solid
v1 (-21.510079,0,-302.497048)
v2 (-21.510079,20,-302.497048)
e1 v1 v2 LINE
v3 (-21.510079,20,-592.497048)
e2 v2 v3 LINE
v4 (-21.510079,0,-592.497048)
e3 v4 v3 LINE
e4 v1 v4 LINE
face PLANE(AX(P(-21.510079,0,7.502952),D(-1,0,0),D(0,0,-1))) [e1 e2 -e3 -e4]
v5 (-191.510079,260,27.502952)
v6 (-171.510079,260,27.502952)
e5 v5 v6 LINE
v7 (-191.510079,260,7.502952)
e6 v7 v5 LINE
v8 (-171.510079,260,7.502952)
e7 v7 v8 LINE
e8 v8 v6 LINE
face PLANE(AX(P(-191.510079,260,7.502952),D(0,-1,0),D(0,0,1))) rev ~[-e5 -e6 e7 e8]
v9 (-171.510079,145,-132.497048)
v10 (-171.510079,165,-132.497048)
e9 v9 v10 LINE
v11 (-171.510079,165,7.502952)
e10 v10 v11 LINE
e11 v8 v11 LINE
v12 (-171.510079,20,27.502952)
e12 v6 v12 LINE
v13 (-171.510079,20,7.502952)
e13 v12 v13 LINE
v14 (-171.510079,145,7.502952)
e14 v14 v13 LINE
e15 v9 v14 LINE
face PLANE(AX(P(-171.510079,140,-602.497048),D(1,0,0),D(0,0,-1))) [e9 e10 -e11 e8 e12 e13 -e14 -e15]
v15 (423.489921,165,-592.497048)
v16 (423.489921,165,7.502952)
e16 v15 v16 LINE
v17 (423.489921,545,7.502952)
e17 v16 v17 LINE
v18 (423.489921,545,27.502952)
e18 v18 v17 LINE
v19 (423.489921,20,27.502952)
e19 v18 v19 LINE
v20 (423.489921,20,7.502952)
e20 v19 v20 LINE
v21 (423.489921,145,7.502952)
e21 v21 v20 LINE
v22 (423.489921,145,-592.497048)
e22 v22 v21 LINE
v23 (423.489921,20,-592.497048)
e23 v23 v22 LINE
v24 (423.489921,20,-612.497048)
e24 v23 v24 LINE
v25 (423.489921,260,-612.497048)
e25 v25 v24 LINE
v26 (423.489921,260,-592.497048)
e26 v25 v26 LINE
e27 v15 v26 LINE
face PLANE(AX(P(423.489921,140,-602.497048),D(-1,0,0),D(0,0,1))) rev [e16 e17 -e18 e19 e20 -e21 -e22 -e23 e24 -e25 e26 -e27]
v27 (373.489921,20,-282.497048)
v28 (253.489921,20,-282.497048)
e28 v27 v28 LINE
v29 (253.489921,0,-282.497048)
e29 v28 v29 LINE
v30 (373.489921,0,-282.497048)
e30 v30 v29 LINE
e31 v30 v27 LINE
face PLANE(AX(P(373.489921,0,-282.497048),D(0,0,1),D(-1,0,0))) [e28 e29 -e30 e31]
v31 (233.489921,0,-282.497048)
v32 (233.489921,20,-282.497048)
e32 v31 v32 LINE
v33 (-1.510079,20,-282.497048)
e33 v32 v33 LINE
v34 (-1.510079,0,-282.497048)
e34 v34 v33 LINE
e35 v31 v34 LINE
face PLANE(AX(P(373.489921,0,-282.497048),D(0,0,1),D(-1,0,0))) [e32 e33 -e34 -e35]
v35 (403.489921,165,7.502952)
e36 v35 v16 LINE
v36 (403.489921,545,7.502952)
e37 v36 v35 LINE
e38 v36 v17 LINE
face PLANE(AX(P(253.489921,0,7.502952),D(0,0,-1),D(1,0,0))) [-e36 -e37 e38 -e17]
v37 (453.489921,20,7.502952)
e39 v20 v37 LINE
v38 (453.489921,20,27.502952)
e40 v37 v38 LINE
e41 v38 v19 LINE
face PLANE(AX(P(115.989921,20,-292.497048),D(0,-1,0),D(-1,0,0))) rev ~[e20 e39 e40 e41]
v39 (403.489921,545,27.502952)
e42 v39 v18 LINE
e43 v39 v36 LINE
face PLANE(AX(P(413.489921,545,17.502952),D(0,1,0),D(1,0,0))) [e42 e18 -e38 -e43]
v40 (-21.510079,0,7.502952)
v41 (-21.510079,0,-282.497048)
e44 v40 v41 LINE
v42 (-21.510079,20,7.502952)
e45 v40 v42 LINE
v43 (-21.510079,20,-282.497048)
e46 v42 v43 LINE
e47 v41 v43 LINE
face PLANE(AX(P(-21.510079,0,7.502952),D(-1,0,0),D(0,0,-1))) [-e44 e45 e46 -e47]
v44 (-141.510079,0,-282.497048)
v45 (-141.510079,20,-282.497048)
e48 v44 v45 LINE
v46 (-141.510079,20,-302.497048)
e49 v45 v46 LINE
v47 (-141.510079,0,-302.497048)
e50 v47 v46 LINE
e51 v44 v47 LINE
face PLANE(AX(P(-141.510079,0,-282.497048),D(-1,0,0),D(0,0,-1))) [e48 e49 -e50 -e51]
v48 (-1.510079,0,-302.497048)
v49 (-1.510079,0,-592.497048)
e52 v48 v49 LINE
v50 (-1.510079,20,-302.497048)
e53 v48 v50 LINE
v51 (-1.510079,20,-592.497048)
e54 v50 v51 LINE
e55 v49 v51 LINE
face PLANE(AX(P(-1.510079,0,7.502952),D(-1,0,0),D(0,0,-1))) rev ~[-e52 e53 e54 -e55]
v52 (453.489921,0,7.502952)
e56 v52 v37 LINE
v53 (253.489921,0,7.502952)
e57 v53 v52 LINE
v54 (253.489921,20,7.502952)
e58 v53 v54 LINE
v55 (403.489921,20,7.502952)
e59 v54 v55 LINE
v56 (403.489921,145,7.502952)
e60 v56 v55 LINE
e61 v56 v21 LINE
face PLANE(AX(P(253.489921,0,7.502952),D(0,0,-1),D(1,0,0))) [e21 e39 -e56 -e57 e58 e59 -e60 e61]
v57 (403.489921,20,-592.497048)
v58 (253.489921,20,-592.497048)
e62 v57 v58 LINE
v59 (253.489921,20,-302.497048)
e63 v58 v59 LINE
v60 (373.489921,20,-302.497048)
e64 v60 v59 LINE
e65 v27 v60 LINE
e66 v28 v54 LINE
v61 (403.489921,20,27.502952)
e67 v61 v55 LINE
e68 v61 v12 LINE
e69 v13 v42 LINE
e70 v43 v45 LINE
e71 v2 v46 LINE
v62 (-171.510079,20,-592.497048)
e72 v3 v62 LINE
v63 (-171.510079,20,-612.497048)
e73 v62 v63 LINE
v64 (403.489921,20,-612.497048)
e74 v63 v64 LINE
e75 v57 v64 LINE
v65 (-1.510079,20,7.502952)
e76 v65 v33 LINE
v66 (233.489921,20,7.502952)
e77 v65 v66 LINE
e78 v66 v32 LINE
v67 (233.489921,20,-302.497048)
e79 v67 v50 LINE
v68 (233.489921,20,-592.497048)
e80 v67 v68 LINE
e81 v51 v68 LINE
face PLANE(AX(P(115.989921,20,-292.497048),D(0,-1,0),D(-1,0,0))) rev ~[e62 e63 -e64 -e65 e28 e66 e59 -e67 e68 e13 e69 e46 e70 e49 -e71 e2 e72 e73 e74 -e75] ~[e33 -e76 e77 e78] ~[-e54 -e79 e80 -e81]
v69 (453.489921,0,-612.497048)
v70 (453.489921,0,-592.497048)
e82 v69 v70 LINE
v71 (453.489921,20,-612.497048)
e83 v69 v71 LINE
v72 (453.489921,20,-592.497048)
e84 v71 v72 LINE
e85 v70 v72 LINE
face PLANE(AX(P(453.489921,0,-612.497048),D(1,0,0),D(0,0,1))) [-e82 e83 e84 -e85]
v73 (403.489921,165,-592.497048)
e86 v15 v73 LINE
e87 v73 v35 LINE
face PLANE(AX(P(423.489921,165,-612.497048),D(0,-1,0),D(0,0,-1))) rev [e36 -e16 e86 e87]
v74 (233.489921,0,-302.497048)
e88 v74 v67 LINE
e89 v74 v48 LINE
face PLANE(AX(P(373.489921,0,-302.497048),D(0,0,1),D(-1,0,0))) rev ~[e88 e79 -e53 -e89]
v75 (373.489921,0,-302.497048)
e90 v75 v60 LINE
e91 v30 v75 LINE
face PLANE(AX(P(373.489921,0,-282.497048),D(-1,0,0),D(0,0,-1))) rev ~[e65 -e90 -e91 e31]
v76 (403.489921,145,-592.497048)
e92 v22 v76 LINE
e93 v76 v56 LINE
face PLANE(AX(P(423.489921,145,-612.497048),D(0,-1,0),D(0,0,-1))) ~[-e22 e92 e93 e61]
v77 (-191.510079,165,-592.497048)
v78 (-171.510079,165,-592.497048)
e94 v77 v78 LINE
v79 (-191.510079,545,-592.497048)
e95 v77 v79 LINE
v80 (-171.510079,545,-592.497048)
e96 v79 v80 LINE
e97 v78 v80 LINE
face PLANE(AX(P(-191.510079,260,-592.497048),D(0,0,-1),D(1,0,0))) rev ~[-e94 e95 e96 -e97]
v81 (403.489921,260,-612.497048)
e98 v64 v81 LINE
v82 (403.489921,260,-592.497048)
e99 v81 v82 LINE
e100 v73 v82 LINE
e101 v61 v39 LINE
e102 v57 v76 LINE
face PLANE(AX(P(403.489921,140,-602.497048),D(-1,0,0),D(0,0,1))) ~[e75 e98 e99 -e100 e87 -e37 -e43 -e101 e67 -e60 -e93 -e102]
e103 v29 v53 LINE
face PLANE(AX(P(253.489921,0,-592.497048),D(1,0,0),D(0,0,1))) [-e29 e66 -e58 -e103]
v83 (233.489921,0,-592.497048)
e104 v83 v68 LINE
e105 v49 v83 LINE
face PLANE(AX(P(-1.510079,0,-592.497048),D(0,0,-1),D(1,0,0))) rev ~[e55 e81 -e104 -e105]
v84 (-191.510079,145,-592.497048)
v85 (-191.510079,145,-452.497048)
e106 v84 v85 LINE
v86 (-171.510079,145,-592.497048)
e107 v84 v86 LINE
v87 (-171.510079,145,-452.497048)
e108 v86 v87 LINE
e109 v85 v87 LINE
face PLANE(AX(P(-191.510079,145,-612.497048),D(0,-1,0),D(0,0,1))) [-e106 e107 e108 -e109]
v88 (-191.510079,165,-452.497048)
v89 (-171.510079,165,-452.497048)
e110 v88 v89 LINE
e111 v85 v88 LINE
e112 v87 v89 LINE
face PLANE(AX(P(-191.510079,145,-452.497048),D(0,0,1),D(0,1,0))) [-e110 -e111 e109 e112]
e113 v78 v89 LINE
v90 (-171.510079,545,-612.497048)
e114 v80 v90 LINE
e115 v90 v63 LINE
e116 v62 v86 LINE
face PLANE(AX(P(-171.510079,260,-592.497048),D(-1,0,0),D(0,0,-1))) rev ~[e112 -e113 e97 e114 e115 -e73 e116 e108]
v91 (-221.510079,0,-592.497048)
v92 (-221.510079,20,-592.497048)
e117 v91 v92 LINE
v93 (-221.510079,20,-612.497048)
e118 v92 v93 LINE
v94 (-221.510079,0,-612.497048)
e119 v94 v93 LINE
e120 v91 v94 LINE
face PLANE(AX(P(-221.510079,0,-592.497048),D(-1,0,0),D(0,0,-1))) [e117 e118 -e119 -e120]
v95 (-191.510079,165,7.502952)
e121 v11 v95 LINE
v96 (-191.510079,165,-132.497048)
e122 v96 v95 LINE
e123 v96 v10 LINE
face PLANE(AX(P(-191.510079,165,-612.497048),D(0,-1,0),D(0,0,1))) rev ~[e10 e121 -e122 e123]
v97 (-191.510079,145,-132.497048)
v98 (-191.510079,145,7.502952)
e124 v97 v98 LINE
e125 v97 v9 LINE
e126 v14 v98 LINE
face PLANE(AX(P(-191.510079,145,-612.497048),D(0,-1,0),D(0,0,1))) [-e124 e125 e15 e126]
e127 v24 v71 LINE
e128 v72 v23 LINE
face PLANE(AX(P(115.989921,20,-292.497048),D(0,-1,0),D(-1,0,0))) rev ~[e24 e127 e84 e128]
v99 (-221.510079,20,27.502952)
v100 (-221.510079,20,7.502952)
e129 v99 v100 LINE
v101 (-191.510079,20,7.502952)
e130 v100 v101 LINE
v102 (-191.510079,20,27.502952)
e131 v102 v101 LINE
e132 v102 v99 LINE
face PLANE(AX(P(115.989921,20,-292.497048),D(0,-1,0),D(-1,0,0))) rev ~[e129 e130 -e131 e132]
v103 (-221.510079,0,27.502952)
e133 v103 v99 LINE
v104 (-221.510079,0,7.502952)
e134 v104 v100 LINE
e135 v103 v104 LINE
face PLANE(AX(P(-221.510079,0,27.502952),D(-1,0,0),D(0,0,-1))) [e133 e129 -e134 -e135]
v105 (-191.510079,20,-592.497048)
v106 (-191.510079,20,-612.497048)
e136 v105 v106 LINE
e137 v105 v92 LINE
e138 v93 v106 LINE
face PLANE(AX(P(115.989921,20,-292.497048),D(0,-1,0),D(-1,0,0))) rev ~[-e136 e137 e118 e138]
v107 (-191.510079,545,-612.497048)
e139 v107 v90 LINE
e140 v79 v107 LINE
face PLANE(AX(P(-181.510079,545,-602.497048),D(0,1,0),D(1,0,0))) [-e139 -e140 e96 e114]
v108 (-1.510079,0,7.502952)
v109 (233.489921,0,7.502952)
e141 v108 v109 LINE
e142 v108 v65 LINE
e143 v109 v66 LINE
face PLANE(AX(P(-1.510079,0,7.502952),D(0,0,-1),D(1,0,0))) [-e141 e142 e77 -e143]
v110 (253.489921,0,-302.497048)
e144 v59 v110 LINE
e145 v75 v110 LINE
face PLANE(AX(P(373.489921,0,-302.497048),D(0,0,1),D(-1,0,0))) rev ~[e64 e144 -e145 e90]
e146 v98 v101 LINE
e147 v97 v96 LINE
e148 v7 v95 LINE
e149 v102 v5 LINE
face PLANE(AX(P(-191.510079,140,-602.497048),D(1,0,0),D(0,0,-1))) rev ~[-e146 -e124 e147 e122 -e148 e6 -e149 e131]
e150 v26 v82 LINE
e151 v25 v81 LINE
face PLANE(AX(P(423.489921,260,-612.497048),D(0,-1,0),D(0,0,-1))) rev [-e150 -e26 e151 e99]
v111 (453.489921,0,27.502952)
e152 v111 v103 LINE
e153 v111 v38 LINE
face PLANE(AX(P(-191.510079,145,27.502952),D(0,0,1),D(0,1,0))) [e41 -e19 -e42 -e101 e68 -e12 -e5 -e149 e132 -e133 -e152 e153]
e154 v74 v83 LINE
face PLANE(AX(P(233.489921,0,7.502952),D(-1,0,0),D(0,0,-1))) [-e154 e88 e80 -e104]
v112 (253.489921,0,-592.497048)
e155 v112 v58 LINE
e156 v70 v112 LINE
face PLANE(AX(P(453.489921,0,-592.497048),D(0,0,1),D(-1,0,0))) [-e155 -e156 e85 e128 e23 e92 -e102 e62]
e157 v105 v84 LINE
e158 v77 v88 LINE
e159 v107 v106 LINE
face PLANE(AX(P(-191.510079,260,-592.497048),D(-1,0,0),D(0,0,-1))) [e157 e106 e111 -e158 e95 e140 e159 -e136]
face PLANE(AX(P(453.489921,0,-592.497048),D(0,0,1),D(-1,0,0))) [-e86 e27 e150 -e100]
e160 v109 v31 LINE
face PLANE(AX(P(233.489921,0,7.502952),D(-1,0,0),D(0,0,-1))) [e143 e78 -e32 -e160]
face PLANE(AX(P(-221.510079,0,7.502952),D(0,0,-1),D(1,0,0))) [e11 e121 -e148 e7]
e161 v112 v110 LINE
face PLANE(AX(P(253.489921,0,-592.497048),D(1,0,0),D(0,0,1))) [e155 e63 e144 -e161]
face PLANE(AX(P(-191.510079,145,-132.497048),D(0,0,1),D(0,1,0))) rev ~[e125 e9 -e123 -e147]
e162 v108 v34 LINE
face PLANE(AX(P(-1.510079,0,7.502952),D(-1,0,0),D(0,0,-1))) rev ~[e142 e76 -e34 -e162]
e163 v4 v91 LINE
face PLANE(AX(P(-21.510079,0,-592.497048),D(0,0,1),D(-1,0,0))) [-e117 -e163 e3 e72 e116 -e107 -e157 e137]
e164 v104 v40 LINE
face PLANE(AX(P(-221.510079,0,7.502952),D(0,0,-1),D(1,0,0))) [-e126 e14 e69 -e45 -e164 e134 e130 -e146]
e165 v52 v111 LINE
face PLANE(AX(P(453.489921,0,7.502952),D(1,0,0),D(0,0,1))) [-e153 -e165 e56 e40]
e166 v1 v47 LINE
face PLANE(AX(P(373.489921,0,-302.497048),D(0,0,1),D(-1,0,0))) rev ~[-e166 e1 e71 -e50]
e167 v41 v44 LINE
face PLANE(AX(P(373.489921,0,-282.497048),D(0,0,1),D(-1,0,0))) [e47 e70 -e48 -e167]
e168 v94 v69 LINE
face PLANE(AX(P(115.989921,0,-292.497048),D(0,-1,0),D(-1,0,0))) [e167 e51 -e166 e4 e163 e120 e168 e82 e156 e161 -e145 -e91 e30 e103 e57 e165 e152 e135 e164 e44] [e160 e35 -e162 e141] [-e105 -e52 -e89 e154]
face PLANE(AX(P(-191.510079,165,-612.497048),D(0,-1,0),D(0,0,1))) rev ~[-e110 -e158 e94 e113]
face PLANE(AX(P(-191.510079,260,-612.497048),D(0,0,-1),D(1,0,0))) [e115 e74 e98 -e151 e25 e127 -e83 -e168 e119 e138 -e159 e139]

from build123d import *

# Parameters (mm, degrees)
SKETCH_1_W          = 235
SKETCH_1_H          = 600
EXTRUDE_1_DEPTH     = 20
EXTRUDE_4_DEPTH     = 20
SKETCH_6_W          = 640
SKETCH_6_H          = 20
EXTRUDE_6_DEPTH     = 20
SKETCH1_W           = 320
SKETCH1_H           = 20
CUT_EXTRUDE1_DEPTH  = 20
SKETCH2_W           = 515
SKETCH2_H           = 20
EXTRUDE1_DEPTH      = 20
SKETCH3_W           = 20
SKETCH3_H           = 20
BOSS_EXTRUDE1_DEPTH = 285


with BuildPart() as part:
    # 草图1 → 凸台-拉伸1 (new body)
    with BuildSketch(Plane(origin=(0, 0, 0), x_dir=(1, 0, 0), z_dir=(0, 1, 0))):
        Polygon((-221.510078765, -7.502951786), (-21.510078765, -7.502951786), (-21.510078765, 592.497048214), (-221.510078765, 592.497048214), (-221.510078765, 612.497048214), (453.489921235, 612.497048214), (453.489921235, 592.497048214), (253.489921235, 592.497048214), (253.489921235, -7.502951786), (453.489921235, -7.502951786), (453.489921235, -27.502951786), (-221.510078765, -27.502951786), align=None)
        with Locations((115.989921235, 292.497048214)):
            Rectangle(SKETCH_1_W, SKETCH_1_H, mode=Mode.SUBTRACT)
    extrude(amount=EXTRUDE_1_DEPTH)

    # 草图2 → 凸台-拉伸4 (add)
    with BuildSketch(Plane.ZY.offset(191.510078765)):
        Polygon((27.502951786, 20), (7.502951786, 20), (7.502951786, 165), (7.502951786, 260), (27.502951786, 260), align=None)
        Polygon((-592.497048214, 260), (-592.497048214, 165), (-592.497048214, 20), (-612.497048214, 20), (-612.497048214, 260), align=None)
    extrude_4 = extrude(amount=-EXTRUDE_4_DEPTH)

    # 镜向3: 凸台-拉伸4 across plane
    add(extrude_4.mirror(Plane(origin=(115.989921235, 0, 0), x_dir=(0, 0, 1), z_dir=(1, 0, 0))))

    # 草图6 → 凸台-拉伸6 (add)
    with BuildSketch(Plane.ZY.offset(191.510078765)):
        with Locations((-292.497048214, 155)):
            Rectangle(SKETCH_6_W, SKETCH_6_H)
    extrude_6 = extrude(amount=-EXTRUDE_6_DEPTH)

    # 镜向6: 凸台-拉伸6 across plane
    add(extrude_6.mirror(Plane(origin=(115.989921235, 0, 0), x_dir=(0, 0, 1), z_dir=(1, 0, 0))))

    # Sketch1 → Cut-Extrude1 (cut)
    with BuildSketch(Plane.ZY.offset(191.510078765)):
        with Locations((-292.497048214, 155)):
            Rectangle(SKETCH1_W, SKETCH1_H)
    extrude(amount=-CUT_EXTRUDE1_DEPTH, mode=Mode.SUBTRACT)

    # Sketch2 → Extrude1 (add)
    with BuildSketch(Plane(origin=(0, 0, 0), x_dir=(-1, 0, 0), z_dir=(0, -1, 0))):
        with Locations((-115.989921235, 292.497048214)):
            Rectangle(SKETCH2_W, SKETCH2_H)
    extrude(amount=-EXTRUDE1_DEPTH)

    # Sketch3 → Boss-Extrude1 (add)
    with BuildSketch(Plane(origin=(0, 260, 0), x_dir=(1, 0, 0), z_dir=(0, 1, 0))):
        with Locations((-181.510078765, 602.497048214)):
            Rectangle(SKETCH3_W, SKETCH3_H)
        with Locations((413.489921235, -17.502951786)):
            Rectangle(SKETCH3_W, SKETCH3_H)
    extrude(amount=BOSS_EXTRUDE1_DEPTH)


solid = part.part
